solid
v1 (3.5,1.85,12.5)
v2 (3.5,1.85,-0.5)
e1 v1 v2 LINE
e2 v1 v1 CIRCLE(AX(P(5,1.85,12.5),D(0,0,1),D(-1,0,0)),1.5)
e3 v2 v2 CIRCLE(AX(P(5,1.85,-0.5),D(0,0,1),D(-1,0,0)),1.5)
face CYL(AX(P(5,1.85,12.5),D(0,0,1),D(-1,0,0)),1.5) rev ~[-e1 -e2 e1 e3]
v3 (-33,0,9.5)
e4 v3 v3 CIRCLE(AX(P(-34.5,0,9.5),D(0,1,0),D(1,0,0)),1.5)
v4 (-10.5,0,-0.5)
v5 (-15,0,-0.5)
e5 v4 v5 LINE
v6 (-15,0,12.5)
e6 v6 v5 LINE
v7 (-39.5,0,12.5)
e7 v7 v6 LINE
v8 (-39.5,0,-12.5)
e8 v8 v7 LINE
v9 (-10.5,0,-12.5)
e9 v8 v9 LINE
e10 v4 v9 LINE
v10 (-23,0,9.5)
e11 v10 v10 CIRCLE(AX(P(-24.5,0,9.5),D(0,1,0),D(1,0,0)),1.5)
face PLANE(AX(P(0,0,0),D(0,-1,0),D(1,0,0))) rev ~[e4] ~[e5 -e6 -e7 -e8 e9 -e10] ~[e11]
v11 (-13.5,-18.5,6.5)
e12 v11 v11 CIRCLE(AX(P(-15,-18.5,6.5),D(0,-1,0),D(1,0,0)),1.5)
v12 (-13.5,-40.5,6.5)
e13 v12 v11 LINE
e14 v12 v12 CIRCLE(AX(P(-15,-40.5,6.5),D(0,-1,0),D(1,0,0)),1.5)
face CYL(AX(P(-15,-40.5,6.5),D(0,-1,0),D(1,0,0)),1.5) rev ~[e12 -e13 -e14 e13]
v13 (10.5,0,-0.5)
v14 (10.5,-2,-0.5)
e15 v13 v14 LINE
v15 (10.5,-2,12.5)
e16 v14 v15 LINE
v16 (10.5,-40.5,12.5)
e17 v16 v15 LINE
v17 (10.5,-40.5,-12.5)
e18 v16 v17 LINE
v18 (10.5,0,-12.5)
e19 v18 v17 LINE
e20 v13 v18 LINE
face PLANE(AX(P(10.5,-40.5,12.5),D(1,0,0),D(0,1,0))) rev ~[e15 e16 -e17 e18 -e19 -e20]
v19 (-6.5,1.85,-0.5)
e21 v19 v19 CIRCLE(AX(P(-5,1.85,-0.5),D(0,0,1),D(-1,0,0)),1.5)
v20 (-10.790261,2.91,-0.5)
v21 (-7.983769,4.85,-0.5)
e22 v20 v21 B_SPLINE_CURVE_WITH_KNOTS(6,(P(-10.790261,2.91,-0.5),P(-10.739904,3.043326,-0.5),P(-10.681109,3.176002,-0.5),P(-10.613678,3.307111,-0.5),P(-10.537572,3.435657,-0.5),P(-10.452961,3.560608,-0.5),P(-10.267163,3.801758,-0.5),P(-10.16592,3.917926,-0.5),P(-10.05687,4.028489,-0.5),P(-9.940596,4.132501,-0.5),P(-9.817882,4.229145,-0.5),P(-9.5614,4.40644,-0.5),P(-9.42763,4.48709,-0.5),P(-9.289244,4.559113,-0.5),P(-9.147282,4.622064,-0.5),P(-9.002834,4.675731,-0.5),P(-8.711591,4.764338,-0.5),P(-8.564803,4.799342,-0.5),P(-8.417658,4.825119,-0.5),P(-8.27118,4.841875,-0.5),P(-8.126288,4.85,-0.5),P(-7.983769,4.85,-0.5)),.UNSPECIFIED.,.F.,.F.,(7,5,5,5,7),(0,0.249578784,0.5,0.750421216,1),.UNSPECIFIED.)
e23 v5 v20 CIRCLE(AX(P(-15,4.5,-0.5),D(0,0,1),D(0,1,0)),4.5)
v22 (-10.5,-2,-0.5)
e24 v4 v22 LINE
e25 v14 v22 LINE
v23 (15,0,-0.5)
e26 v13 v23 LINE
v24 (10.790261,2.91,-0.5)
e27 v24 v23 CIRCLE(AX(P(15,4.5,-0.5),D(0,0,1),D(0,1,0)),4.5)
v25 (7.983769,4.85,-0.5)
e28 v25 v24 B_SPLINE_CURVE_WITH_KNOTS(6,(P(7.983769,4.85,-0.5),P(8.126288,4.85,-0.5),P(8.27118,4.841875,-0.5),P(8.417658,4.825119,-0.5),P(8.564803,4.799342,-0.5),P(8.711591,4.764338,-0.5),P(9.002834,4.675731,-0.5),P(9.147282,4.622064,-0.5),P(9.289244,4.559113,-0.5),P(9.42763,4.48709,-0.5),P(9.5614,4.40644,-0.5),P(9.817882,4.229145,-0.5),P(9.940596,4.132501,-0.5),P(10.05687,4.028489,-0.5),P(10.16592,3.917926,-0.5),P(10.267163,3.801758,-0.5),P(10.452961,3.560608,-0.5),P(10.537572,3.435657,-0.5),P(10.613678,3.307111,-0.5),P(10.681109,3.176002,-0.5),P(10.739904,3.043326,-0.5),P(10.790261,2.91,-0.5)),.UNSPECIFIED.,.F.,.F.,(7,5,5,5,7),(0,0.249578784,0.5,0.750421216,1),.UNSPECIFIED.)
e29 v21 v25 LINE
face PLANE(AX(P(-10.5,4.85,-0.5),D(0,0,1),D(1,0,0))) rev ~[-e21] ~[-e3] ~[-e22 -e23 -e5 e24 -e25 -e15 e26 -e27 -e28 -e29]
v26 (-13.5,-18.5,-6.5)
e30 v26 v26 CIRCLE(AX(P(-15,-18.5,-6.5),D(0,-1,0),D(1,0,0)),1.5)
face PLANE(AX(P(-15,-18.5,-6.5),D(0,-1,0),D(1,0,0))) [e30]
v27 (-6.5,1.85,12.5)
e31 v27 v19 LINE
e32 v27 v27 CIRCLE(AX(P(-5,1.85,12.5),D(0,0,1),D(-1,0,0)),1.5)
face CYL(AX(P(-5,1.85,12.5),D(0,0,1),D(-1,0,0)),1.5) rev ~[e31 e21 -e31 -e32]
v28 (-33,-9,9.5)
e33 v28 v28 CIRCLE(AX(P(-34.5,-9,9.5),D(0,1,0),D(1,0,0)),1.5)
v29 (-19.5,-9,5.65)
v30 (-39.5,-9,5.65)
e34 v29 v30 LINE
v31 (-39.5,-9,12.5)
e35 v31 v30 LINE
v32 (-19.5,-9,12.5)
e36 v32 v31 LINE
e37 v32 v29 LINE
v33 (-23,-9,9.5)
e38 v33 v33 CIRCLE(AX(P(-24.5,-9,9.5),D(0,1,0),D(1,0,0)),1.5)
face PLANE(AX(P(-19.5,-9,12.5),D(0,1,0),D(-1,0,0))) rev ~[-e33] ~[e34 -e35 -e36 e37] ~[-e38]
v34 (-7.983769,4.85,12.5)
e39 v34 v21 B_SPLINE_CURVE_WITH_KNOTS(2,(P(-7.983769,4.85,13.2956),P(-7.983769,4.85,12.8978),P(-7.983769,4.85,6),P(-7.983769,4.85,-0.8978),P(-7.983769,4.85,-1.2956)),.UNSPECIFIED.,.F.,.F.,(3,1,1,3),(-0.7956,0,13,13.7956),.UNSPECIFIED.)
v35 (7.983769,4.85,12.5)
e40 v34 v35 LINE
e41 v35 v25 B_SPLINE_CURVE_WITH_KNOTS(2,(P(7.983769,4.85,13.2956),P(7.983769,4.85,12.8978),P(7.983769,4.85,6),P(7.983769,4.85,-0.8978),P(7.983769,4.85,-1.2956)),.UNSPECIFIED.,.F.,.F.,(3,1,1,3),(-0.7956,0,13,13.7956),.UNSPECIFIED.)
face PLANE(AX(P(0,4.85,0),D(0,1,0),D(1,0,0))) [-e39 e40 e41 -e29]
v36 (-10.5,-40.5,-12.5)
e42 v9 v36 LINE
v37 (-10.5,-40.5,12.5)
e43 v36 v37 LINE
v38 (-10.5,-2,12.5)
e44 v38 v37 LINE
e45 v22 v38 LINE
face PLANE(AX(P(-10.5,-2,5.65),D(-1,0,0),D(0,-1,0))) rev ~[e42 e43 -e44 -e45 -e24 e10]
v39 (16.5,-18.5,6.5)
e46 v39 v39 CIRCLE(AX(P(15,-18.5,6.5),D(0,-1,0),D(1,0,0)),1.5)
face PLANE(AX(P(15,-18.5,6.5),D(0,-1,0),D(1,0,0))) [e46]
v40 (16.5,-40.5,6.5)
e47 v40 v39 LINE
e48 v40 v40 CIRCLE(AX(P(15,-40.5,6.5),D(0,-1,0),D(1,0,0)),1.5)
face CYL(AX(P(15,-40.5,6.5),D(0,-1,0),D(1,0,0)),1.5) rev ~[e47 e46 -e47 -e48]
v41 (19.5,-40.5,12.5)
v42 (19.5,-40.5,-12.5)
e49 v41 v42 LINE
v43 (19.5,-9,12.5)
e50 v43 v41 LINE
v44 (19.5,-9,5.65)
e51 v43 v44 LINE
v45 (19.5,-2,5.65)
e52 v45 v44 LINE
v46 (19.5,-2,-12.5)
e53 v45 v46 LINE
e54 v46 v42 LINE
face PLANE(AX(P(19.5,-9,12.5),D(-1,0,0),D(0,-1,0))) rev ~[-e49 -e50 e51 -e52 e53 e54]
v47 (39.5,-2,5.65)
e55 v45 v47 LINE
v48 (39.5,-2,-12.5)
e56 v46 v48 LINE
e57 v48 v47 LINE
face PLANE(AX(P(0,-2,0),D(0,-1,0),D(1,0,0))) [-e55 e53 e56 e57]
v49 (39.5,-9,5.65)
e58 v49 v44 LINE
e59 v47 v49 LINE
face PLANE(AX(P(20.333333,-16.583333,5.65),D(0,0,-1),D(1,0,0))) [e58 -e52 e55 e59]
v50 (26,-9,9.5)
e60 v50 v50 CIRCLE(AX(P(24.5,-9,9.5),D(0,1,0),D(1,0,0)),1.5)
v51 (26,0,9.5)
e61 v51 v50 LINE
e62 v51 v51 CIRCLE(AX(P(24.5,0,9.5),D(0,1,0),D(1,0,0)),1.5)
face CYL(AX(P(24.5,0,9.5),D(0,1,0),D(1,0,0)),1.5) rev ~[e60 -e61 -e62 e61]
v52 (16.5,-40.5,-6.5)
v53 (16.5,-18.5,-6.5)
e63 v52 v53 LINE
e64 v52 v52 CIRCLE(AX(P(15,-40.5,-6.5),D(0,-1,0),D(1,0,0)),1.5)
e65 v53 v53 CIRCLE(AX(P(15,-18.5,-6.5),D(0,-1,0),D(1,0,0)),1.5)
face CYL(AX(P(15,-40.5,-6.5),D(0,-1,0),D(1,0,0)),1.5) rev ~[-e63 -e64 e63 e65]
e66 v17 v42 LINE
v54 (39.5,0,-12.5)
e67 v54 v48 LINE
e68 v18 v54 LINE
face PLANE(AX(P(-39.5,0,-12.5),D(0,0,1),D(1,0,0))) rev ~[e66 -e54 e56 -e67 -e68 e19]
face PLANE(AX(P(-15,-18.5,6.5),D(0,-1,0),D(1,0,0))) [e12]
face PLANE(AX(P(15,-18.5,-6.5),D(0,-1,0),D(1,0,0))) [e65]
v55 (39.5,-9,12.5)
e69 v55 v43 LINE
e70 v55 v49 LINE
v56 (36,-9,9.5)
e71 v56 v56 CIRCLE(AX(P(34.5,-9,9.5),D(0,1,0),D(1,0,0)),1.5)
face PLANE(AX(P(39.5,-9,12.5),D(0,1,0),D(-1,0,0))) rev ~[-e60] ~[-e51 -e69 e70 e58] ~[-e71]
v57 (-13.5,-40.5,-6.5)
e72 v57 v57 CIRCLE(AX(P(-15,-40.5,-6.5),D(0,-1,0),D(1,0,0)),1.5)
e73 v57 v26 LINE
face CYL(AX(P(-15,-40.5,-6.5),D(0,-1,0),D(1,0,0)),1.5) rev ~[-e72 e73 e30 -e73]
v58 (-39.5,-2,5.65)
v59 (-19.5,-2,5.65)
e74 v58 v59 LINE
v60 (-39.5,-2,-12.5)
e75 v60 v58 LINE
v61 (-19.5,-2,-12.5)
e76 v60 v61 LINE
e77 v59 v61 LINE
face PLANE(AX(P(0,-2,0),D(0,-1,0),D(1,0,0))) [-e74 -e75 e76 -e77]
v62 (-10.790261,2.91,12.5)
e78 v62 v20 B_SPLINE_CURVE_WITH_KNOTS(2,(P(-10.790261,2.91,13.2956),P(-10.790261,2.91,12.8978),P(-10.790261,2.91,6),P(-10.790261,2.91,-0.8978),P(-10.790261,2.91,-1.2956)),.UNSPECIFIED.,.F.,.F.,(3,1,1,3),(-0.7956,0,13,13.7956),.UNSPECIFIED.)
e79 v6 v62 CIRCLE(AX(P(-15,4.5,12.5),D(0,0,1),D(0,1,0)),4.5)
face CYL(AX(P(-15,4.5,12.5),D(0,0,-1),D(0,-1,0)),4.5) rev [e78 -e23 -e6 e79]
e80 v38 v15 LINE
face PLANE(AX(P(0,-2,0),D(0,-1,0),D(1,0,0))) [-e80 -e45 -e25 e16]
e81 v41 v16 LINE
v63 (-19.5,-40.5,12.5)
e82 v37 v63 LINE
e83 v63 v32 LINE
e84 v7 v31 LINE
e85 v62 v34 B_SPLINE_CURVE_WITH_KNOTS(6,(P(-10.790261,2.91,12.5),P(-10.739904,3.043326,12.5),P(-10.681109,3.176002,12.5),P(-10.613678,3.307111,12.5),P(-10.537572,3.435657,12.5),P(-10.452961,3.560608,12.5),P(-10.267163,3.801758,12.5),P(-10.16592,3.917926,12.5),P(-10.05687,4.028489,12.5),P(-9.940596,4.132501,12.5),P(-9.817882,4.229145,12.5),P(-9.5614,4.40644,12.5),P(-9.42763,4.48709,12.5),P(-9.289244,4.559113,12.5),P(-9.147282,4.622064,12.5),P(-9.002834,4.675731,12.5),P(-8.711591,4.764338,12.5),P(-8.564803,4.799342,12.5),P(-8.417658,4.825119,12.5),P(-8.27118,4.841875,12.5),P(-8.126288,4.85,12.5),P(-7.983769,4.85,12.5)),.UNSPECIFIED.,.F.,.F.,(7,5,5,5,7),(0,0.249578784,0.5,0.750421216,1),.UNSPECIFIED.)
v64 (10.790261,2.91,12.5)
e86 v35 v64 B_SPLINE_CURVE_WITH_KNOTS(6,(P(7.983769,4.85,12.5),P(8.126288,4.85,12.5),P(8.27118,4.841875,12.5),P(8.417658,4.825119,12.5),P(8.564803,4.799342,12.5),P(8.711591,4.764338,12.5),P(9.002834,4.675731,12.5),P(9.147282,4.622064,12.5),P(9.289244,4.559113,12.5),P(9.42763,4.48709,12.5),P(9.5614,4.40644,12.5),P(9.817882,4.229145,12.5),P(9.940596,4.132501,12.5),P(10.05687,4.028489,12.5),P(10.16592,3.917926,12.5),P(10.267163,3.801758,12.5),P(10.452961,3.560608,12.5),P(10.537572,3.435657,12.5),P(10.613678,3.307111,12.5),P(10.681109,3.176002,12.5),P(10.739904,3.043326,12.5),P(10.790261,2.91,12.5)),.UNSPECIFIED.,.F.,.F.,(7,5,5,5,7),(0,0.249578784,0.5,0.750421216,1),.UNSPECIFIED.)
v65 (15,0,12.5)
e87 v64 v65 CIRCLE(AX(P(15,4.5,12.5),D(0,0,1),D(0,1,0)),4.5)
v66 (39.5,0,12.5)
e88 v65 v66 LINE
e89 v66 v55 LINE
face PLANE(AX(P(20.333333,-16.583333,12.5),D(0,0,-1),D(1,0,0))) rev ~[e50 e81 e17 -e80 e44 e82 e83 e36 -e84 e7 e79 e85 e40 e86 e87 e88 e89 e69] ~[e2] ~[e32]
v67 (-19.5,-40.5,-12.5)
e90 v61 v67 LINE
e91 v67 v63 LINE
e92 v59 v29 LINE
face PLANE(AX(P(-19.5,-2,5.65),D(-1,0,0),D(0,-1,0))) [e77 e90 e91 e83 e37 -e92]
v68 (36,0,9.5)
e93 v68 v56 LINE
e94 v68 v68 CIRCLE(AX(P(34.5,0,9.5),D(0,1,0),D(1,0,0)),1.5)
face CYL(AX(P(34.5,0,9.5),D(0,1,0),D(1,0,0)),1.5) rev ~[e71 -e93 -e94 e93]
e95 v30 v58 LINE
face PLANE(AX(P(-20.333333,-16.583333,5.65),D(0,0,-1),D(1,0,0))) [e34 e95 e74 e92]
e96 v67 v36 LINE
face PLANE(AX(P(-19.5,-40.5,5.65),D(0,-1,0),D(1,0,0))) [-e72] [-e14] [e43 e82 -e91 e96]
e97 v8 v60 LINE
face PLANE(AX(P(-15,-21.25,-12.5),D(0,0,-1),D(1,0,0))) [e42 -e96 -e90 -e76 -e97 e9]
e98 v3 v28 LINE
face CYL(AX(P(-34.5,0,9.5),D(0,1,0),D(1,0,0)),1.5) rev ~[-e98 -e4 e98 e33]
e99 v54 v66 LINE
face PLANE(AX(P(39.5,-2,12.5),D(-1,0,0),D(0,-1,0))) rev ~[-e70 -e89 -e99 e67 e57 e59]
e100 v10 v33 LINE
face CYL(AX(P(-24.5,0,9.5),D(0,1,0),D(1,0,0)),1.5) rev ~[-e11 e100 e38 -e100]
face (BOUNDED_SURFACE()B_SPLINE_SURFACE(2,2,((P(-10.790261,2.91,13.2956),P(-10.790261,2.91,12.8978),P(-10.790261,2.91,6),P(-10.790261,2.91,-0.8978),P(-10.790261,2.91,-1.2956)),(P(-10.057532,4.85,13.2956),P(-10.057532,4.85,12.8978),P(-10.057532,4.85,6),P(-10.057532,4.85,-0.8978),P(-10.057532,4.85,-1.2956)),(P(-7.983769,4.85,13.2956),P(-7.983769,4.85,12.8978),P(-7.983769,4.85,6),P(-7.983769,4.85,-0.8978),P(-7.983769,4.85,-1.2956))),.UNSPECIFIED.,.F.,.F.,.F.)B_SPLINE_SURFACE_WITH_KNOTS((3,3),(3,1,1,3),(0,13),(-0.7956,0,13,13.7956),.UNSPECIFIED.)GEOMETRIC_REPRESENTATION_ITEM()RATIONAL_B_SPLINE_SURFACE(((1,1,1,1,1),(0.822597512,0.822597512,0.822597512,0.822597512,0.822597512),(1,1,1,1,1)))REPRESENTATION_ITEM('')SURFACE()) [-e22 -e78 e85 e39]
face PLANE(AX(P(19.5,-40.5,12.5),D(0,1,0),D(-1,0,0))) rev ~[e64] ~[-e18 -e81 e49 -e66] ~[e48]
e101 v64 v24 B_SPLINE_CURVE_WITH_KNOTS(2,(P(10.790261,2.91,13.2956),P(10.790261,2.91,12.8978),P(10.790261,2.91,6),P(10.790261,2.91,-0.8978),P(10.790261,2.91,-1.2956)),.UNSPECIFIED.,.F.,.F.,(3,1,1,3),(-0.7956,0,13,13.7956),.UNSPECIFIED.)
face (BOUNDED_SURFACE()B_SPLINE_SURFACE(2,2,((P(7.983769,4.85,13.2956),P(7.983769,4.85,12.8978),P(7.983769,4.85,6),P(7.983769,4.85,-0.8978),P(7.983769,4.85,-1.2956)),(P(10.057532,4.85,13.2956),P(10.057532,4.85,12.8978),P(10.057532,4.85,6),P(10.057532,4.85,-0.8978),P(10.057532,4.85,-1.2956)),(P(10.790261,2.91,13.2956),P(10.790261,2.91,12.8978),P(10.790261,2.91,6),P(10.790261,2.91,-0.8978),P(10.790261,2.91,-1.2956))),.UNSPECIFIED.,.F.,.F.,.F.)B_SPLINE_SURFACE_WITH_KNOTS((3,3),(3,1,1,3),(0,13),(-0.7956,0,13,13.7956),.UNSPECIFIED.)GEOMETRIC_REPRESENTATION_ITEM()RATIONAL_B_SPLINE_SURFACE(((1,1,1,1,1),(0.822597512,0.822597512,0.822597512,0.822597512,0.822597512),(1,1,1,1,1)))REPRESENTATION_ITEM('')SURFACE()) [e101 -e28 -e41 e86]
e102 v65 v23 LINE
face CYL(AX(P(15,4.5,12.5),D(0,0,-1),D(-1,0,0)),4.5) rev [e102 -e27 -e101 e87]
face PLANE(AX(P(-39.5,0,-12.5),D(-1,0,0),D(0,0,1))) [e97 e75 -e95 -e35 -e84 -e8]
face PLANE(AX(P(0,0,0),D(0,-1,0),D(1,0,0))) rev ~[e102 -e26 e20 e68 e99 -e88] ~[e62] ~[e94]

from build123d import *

# Parameters (mm, degrees)
SKETCH_W        = 79
SKETCH_H        = 25
PAD_DEPTH       = 2
SKETCH001_W     = 21
SKETCH001_H     = 25
PAD001_DEPTH    = 4.85
SKETCH002_R     = 1.5
POCKET_DEPTH    = 25.001
SKETCH003_W     = 21
SKETCH003_H     = 12
POCKET001_DEPTH = 10
PAD002_DEPTH    = 6.85
SKETCH005_W     = 9
SKETCH005_H     = 38.5
PAD003_DEPTH    = 18.15
SKETCH006_R     = 1.5
POCKET002_DEPTH = 10
SKETCH007_R     = 1.5
POCKET003_DEPTH = 22
FILLET_R        = 4.5
FILLET001_R     = 3


with BuildPart() as part:
    # Sketch → Pad (new body)
    with BuildSketch(Plane.XZ):
        Rectangle(SKETCH_W, SKETCH_H)
    extrude(amount=PAD_DEPTH)

    # Sketch001 (on Face5 of Pad) → Pad001 (join)
    with BuildSketch(Plane(origin=(0, 0, 0), x_dir=(1, 0, 0), z_dir=(0, 1, 0))):
        Rectangle(SKETCH001_W, SKETCH001_H)
    extrude(amount=PAD001_DEPTH)

    # Sketch002 (on Face5 of Pad001) → Pocket (cut, through all)
    with BuildSketch(Plane(origin=(0, 0, 12.5), x_dir=(-1, 0, 0), z_dir=(0, 0, 1))):
        with Locations((-5, -1.85)):
            Circle(SKETCH002_R)
        with Locations((5, -1.85)):
            Circle(SKETCH002_R)
    extrude(amount=-POCKET_DEPTH, mode=Mode.SUBTRACT)

    # Sketch003 (on Face11 of Pocket) → Pocket001 (cut)
    with BuildSketch(Plane(origin=(0, 4.85, 0), x_dir=(1, 0, 0), z_dir=(0, 1, 0))):
        with Locations((0, 6.5)):
            Rectangle(SKETCH003_W, SKETCH003_H)
    extrude(amount=-POCKET001_DEPTH, mode=Mode.SUBTRACT)

    # Sketch004 (on DatumPlane) → Pad002 (join)
    with BuildSketch(Plane(origin=(0, -2, 12.5), x_dir=(1, 0, 0), z_dir=(0, 0, -1))):
        Polygon((39.5, 0), (39.5, 7), (19.5, 7), (19.5, 38.5), (10.5, 38.5), (10.5, 0), align=None)
        Polygon((-19.5, 38.5), (-19.5, 7), (-39.5, 7), (-39.5, 0), (-10.5, 0), (-10.5, 38.5), align=None)
    extrude(amount=PAD002_DEPTH)

    # Sketch005 (on Face26 of Pad002) → Pad003 (join)
    with BuildSketch(Plane(origin=(0, 0, 5.65), x_dir=(1, 0, 0), z_dir=(0, 0, -1))):
        with Locations((-15, 21.25)):
            Rectangle(SKETCH005_W, SKETCH005_H)
        with Locations((15, 21.25)):
            Rectangle(SKETCH005_W, SKETCH005_H)
    extrude(amount=PAD003_DEPTH)

    # Sketch006 (on Face4 of Pad003) → Pocket002 (cut)
    with BuildSketch(Plane(origin=(0, 0, 0), x_dir=(1, 0, 0), z_dir=(0, 1, 0))):
        with Locations((24.5, -9.5)):
            Circle(SKETCH006_R)
        with Locations((34.5, -9.5)):
            Circle(SKETCH006_R)
        with Locations((-34.5, -9.5)):
            Circle(SKETCH006_R)
        with Locations((-24.5, -9.5)):
            Circle(SKETCH006_R)
    extrude(amount=-POCKET002_DEPTH, mode=Mode.SUBTRACT)

    # Sketch007 (on Face44 of Pocket002) → Pocket003 (cut)
    with BuildSketch(Plane.XZ.offset(40.5)):
        with Locations((15, -6.5)):
            Circle(SKETCH007_R)
        with Locations((15, 6.5)):
            Circle(SKETCH007_R)
        with Locations((-15, -6.5)):
            Circle(SKETCH007_R)
        with Locations((-15, 6.5)):
            Circle(SKETCH007_R)
    extrude(amount=-POCKET003_DEPTH, mode=Mode.SUBTRACT)

    # Fillet
    fillet_edges = [part.edges().sort_by_distance(p)[0] for p in [
        (-10.5, 0, 6),
        (10.5, 0, 6),
    ]]
    fillet(fillet_edges, radius=FILLET_R)

    # Fillet001
    fillet001_edges = [part.edges().sort_by_distance(p)[0] for p in [
        (10.5, 4.85, 6),
        (-10.5, 4.85, 6),
    ]]
    fillet(fillet001_edges, radius=FILLET001_R)


solid = part.part
